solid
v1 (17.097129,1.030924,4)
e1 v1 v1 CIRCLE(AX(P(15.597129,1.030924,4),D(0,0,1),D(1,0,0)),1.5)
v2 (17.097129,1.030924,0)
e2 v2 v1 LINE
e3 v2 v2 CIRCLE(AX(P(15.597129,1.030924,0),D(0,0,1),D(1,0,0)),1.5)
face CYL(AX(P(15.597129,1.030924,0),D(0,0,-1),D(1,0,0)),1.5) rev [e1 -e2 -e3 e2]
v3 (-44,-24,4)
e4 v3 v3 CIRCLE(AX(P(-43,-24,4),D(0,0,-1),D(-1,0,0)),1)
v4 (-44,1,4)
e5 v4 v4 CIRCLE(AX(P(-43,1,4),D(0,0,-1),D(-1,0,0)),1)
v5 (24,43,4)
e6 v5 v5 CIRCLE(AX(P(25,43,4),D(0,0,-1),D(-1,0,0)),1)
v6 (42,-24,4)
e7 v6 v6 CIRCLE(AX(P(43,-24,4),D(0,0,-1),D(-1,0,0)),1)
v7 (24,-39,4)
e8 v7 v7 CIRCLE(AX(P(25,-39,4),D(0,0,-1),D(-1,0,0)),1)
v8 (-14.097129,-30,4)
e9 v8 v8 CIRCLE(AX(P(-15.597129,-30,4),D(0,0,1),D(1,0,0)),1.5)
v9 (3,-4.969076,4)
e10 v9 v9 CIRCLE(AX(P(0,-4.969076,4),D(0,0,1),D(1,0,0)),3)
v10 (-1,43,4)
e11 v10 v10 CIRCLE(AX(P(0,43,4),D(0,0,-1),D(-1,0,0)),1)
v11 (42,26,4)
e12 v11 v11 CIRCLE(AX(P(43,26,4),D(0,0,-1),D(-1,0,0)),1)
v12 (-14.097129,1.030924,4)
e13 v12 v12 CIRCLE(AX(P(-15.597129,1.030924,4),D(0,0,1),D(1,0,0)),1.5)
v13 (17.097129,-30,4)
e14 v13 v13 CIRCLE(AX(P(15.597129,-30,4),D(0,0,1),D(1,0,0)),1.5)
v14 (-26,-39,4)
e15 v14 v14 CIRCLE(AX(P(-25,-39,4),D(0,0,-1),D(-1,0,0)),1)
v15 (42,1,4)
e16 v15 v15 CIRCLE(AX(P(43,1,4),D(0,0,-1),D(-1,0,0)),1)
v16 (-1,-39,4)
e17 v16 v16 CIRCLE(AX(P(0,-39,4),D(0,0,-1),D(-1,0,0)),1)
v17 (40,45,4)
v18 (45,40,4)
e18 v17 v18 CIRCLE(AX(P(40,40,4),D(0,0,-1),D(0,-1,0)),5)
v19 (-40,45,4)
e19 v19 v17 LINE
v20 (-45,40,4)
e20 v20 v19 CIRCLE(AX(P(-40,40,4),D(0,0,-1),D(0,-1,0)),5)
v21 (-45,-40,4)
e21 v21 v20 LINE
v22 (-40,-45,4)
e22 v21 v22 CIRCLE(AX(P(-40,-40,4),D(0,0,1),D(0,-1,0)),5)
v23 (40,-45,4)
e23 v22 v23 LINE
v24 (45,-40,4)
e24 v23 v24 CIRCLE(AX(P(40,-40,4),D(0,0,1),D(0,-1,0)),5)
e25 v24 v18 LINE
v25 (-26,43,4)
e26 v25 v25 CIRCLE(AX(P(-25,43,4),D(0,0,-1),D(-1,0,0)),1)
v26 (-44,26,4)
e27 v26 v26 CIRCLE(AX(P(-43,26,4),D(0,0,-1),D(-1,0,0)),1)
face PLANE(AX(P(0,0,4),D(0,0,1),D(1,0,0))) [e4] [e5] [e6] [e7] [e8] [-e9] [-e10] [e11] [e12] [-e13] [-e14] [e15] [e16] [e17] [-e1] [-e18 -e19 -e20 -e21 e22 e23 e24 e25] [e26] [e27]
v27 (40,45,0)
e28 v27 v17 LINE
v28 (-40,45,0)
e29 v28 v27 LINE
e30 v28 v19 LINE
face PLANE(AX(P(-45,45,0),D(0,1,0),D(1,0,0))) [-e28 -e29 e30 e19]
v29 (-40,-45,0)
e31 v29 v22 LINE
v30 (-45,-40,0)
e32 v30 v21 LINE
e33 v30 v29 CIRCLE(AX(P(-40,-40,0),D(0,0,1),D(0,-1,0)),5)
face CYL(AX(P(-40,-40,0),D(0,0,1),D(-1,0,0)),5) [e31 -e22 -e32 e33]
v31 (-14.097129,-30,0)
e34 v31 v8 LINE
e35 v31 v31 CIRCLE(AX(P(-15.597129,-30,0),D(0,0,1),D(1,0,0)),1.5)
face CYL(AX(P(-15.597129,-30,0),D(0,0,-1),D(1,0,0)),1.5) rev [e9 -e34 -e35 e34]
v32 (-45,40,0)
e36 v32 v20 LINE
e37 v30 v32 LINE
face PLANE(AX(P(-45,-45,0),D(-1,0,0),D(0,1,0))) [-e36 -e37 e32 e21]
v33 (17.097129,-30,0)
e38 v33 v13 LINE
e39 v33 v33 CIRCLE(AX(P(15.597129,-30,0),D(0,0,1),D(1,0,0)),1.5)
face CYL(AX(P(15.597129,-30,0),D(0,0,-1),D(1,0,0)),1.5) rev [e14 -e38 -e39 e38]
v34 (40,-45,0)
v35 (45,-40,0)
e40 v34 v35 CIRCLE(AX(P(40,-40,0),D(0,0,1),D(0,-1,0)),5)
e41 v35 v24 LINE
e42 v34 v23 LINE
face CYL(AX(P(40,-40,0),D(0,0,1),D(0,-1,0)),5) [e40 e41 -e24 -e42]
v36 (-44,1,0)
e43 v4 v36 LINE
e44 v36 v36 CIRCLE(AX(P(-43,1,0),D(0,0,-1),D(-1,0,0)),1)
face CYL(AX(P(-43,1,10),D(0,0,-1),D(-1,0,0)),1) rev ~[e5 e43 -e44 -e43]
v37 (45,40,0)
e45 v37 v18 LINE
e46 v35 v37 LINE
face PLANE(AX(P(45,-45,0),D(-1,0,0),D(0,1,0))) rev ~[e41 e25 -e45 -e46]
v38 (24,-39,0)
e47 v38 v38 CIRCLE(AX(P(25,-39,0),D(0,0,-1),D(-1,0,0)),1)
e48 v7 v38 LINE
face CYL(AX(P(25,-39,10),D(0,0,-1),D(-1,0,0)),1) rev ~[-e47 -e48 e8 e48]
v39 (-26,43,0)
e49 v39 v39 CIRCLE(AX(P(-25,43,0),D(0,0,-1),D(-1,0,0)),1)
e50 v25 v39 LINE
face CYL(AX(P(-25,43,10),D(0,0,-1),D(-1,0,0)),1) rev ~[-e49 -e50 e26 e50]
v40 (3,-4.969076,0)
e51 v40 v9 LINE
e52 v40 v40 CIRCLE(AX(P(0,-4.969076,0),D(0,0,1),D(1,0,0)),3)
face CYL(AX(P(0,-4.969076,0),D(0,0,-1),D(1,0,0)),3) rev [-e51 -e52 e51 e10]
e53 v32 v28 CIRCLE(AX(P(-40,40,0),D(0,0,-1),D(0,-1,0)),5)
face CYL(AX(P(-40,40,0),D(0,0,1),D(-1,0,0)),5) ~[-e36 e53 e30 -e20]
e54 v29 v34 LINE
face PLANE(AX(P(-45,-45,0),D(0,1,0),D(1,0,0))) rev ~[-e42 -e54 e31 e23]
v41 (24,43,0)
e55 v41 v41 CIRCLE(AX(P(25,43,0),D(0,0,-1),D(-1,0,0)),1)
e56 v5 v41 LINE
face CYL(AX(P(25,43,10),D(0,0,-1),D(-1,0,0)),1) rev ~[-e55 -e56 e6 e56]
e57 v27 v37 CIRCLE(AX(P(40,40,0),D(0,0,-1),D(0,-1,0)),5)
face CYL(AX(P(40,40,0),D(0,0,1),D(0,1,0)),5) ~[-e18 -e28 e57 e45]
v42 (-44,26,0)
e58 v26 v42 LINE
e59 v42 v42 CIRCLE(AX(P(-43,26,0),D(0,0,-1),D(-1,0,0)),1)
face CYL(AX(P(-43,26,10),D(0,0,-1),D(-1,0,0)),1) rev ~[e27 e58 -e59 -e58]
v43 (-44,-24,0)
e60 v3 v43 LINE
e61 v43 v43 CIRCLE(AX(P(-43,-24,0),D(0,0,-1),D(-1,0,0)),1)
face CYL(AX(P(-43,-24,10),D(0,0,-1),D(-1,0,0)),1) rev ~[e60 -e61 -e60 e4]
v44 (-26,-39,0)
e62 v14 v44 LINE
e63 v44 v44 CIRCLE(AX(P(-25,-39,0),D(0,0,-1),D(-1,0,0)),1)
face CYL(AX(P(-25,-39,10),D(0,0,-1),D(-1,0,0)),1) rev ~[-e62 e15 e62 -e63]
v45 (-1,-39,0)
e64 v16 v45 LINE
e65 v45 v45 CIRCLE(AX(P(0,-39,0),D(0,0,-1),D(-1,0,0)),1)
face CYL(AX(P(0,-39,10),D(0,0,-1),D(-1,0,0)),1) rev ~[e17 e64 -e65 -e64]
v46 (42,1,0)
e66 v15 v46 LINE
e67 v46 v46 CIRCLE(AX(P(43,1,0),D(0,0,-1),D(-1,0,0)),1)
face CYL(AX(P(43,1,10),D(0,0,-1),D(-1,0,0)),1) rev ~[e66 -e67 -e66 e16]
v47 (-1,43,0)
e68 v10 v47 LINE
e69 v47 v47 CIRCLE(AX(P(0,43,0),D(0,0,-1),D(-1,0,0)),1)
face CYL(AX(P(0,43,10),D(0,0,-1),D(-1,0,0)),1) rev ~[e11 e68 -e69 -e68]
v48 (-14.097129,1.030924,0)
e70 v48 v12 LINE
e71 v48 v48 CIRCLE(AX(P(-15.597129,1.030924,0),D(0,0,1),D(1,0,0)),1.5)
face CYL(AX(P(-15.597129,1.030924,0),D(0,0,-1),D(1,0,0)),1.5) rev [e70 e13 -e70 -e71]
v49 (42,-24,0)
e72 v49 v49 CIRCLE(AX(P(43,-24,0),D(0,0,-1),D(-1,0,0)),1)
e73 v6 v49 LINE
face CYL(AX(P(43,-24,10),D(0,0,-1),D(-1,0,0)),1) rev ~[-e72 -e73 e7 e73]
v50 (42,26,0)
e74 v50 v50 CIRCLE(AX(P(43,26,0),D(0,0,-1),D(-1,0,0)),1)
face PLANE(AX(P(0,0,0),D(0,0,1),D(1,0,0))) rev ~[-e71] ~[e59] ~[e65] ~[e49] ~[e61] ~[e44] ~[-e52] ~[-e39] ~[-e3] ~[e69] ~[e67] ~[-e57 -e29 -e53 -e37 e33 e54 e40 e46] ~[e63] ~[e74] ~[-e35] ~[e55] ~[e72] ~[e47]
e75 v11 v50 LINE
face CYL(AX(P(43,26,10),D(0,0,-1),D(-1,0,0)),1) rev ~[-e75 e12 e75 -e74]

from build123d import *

# Parameters (mm, degrees)
F0_W     = 90
F0_H     = 90
F0_R     = 1.5
F0_R_2   = 3
F1_DEPTH = 4
F2_R     = 5
F4_D     = 2
F4_DEPTH = 6


with BuildPart() as f1:
    # F0 (on Top) → F1 (new body)
    with BuildSketch(Plane.XY):
        Rectangle(F0_W, F0_H)
        with Locations((-15.597129, -30)):
            Circle(F0_R, mode=Mode.SUBTRACT)
        with Locations((15.597129, -30)):
            Circle(F0_R, mode=Mode.SUBTRACT)
        with Locations((0, -4.969076)):
            Circle(F0_R_2, mode=Mode.SUBTRACT)
        with Locations((-15.597129, 1.030924)):
            Circle(F0_R, mode=Mode.SUBTRACT)
        with Locations((15.597129, 1.030924)):
            Circle(F0_R, mode=Mode.SUBTRACT)
    extrude(amount=F1_DEPTH)

    # F2
    f2_edges = [f1.edges().sort_by_distance(p)[0] for p in [
        (-45, -45, 2),
        (45, -45, 2),
        (45, 45, 2),
        (-45, 45, 2),
    ]]
    fillet(f2_edges, radius=F2_R)

    # F4
    with Locations(Plane.XY.offset(4)):
        with Locations((-25, 43), (-43, 26), (-43, 1), (-43, -24), (-25, -39), (0, -39), (25, -39), (43, -24), (43, 1), (43, 26), (25, 43), (0, 43)):
            Hole(F4_D / 2, depth=F4_DEPTH)


solid = f1.part
